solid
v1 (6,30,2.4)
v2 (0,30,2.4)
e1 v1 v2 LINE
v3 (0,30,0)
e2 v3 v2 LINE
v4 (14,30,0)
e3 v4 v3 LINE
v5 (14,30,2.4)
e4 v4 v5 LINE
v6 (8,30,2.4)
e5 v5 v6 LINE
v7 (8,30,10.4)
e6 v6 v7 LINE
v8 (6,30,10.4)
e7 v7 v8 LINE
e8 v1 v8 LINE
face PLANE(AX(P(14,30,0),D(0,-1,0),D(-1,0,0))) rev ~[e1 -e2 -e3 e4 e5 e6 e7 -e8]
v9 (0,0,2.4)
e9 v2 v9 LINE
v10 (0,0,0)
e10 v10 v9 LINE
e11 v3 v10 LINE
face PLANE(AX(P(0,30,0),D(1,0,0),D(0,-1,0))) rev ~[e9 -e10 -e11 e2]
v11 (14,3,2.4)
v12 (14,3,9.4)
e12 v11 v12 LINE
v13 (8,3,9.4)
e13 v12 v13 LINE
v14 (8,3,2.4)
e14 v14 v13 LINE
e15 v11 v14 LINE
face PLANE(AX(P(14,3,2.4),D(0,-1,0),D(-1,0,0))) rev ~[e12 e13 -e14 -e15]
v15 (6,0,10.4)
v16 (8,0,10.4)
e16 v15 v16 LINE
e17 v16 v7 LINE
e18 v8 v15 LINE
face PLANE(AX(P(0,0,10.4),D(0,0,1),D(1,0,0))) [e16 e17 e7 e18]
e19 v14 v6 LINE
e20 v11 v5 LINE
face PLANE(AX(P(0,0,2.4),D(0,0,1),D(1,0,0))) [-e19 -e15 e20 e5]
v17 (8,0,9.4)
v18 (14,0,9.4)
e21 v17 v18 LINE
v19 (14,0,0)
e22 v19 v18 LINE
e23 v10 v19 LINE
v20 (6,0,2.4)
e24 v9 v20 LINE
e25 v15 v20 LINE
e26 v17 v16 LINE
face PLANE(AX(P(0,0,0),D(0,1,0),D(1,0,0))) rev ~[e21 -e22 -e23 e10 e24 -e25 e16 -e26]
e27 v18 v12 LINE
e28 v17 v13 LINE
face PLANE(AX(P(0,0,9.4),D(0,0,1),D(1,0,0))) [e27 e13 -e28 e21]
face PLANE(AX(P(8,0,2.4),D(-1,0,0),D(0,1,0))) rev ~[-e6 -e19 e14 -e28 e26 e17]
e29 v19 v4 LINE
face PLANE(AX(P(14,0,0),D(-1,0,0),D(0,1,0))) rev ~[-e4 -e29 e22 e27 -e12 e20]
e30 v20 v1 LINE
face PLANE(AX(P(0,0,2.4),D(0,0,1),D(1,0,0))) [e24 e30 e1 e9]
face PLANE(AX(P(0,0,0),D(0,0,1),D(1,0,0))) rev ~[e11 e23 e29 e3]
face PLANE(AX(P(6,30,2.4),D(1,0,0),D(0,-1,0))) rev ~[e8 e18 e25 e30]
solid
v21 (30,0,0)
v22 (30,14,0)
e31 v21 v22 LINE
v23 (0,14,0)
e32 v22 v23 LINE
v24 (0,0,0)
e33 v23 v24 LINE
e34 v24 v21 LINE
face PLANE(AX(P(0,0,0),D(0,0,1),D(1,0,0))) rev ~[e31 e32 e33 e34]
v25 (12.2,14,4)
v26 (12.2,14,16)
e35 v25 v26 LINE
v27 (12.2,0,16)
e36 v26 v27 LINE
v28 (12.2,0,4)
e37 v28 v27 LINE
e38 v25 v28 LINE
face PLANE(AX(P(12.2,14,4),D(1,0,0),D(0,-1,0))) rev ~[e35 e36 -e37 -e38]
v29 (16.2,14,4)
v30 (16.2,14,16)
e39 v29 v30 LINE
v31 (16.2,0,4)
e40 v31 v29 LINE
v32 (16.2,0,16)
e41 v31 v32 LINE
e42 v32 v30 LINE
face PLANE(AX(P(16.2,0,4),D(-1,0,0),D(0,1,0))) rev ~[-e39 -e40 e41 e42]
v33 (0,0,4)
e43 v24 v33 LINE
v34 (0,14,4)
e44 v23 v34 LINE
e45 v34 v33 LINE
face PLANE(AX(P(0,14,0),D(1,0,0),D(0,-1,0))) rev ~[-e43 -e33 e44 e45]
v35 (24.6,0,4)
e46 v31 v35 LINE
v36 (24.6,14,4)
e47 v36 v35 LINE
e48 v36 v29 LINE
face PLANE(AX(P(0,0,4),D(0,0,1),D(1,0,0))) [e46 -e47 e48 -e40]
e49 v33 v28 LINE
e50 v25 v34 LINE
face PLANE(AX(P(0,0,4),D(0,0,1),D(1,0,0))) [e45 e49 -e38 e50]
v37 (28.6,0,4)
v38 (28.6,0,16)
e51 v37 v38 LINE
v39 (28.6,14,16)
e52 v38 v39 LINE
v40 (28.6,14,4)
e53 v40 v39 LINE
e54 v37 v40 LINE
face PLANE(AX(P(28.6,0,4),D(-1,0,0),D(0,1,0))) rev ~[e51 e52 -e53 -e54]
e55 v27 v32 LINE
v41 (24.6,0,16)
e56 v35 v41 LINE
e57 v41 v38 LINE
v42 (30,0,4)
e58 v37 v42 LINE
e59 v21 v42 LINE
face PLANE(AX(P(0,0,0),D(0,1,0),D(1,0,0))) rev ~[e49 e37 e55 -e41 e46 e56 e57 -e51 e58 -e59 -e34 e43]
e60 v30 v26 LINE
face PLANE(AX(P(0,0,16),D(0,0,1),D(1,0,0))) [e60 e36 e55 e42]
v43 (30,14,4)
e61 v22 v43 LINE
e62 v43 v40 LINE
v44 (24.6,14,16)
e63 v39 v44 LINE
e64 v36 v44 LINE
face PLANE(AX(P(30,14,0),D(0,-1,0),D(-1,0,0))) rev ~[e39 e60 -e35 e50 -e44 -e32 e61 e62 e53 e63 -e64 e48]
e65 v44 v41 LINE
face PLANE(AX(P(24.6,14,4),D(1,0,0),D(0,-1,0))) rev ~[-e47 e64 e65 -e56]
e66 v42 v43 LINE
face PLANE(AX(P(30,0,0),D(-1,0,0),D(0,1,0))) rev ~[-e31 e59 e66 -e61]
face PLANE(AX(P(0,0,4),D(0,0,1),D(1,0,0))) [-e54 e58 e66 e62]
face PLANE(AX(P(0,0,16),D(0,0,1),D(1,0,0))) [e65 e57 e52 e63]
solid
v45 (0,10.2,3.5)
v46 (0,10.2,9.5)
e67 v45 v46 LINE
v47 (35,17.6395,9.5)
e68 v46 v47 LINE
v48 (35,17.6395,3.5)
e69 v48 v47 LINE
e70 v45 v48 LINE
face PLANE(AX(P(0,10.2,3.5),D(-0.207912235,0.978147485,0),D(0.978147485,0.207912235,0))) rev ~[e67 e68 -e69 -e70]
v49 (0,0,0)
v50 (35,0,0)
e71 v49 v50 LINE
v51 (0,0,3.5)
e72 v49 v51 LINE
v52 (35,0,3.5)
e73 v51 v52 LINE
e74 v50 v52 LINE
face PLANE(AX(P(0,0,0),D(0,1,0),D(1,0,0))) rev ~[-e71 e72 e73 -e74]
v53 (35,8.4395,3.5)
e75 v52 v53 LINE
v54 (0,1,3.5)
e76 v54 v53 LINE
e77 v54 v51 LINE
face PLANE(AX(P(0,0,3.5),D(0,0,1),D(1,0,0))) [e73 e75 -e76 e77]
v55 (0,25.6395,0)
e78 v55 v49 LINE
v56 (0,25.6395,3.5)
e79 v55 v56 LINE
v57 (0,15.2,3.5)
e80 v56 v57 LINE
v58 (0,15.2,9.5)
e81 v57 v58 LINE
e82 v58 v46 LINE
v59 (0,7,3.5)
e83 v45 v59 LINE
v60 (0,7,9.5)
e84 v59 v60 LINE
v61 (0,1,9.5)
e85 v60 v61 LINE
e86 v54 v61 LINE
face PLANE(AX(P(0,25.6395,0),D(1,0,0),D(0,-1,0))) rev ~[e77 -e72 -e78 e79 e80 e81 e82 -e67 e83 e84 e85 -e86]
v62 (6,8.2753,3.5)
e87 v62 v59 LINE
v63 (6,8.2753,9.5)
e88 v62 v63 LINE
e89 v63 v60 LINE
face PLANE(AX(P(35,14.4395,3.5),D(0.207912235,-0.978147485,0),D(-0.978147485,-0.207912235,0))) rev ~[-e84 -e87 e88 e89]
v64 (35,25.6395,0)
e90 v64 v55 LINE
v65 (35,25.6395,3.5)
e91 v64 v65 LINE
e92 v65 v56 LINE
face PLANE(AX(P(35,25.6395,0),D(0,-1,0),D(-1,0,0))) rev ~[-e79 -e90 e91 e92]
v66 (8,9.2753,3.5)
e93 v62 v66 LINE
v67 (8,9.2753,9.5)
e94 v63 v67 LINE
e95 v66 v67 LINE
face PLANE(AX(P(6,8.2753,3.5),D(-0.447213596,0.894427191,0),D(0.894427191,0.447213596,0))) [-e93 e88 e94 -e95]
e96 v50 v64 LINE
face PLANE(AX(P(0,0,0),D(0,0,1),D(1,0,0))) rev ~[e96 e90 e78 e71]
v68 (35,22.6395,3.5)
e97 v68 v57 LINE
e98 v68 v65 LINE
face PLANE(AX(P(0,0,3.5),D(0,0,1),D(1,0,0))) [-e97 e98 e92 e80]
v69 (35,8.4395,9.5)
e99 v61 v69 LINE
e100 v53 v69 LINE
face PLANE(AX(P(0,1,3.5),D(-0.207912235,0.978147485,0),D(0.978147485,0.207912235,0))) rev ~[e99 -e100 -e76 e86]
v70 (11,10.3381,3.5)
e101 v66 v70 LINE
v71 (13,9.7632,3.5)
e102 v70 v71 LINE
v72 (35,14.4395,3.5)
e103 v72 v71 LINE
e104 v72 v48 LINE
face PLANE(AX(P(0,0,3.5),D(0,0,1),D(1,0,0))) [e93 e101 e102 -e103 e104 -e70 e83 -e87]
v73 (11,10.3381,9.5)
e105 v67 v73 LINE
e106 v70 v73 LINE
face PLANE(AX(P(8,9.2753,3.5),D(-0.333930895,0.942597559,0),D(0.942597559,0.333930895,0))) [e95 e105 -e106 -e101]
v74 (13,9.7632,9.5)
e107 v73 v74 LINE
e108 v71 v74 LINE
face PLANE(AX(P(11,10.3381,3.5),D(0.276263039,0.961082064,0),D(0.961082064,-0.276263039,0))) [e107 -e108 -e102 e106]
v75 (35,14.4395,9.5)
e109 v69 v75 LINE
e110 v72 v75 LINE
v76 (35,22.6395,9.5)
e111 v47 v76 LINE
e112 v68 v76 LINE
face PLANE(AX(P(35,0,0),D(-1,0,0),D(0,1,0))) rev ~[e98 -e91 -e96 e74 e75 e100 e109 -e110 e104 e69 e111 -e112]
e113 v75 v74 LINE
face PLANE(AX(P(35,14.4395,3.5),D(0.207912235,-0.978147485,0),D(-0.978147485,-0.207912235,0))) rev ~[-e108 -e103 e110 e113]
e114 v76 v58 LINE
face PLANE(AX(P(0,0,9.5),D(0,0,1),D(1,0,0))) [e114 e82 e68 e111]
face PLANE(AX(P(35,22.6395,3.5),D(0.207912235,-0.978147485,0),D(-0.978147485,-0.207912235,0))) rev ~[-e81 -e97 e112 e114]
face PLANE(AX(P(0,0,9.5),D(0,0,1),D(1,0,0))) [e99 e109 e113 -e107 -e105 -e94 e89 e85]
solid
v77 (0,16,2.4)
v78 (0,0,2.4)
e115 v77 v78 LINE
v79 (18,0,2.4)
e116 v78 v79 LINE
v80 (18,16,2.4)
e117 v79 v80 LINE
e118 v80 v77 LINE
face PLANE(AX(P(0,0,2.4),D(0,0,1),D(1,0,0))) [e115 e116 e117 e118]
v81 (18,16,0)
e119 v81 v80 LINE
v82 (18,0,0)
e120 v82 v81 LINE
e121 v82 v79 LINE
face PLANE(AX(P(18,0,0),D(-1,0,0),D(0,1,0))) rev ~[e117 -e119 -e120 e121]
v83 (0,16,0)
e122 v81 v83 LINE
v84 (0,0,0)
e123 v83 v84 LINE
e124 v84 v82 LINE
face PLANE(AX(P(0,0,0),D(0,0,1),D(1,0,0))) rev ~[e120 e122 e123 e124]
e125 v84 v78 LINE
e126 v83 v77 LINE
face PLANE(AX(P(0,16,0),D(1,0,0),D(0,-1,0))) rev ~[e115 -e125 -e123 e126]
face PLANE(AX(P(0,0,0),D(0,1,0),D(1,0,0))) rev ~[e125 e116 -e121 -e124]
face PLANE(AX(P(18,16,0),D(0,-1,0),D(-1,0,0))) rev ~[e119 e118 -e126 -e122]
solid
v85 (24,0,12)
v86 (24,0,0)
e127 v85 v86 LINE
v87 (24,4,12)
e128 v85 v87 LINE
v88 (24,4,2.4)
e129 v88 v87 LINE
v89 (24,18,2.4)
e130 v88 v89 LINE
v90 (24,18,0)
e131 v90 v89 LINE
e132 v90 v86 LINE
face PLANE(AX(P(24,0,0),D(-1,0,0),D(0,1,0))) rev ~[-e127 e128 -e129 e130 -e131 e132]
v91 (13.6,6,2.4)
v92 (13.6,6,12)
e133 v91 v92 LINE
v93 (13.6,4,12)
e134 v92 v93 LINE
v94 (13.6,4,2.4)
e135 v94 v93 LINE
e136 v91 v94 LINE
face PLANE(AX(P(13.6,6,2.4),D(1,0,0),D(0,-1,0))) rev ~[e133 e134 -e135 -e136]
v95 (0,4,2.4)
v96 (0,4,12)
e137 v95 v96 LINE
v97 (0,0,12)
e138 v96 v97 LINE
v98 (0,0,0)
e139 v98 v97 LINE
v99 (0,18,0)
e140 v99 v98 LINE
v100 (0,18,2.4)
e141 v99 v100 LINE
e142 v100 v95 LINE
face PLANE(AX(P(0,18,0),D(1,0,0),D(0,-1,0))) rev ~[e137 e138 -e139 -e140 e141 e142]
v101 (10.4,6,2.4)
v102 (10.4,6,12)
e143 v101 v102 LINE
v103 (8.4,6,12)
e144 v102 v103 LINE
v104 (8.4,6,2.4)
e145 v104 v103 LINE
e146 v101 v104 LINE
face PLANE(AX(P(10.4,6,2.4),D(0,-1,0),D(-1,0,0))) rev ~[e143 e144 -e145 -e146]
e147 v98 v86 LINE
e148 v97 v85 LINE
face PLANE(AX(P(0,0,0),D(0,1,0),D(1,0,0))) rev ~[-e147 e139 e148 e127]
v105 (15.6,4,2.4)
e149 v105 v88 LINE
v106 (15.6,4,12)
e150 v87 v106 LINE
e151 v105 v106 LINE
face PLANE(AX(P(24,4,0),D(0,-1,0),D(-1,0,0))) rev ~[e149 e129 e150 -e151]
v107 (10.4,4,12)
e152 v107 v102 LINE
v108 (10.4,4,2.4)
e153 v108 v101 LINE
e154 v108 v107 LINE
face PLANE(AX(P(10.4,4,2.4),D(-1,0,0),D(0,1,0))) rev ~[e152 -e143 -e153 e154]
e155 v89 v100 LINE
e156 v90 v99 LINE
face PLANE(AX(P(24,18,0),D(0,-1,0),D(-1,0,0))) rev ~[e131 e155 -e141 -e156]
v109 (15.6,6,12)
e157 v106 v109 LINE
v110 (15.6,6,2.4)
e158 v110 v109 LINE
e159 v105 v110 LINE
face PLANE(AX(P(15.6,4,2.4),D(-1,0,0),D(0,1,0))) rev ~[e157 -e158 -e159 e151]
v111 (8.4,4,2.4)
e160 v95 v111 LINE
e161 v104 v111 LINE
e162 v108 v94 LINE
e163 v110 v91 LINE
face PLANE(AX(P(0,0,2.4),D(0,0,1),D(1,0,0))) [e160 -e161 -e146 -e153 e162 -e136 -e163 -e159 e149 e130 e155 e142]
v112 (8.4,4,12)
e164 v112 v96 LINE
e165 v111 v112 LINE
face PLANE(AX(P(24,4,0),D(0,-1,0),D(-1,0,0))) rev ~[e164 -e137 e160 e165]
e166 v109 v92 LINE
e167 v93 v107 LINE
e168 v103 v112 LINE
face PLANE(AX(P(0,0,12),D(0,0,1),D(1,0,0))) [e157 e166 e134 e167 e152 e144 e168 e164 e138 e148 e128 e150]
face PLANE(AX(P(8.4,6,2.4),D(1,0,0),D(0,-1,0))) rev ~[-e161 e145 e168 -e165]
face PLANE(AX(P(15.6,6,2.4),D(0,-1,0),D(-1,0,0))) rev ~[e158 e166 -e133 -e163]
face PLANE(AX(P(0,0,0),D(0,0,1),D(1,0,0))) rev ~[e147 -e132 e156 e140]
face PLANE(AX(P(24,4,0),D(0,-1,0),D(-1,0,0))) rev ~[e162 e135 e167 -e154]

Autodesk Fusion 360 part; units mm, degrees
sketch "Sketch1" plane through (0, 0, 0) normal (0, 0, 1) x (1, 0, 0) in component "Component"
  line L0 (0, 0) -> (35, 0)
  line L1 (35, 0) -> (35, 25.6395)
  line L2 (35, 25.6395) -> (0, 25.6395)
  line L3 (0, 25.6395) -> (0, 0)
extrude "Extrude1" add sketch "Sketch1" along normal blind 3.5 makes body 1 in component "Component"
sketch "Sketch2" plane through (0, 0, 0) normal (0, 0, 1) x (1, 0, 0) in component "Component"
  line L0 (0, 1) -> (35, 8.4395)
  line L1 (35, 8.4395) -> (35, 14.4395)
  line L2 (35, 14.4395) -> (0, 7)
  line L3 (0, 7) -> (0, 1)
extrude "Extrude2" add sketch "Sketch2" along normal blind 6 from surface at 3.5 separate body makes body 2 in component "Component"
sketch "Sketch3" plane through (0, 0, 0) normal (0, 0, 1) x (1, 0, 0) in component "Component"
  line L0 (0, 10.2) -> (35, 17.6395)
  line L1 (35, 17.6395) -> (35, 22.6395)
  line L2 (35, 22.6395) -> (0, 15.2)
  line L3 (0, 15.2) -> (0, 10.2)
extrude "Extrude3" add sketch "Sketch3" along normal blind 6 from surface at 3.5 separate body makes body 3 in component "Component"
sketch "Sketch4" plane through (0, 0, 0) normal (0, 0, 1) x (1, 0, 0) in component "Component"
  line L0 (6, 8.2753) -> (8, 9.2753)
  line L1 (8, 9.2753) -> (11, 10.3381)
  line L2 (11, 10.3381) -> (13, 9.7632)
  line L3 (13, 9.7632) -> (6, 8.2753)
extrude "Extrude4" add sketch "Sketch4" along normal blind 6 from surface at 3.5 separate body makes body 4 in component "Component"
combine "Combine1" operation add target body 1 tool bodies 2 3 4 in component "Component"
sketch "Sketch1 (2)" plane through (0, 0, 0) normal (0, 0, 1) x (1, 0, 0) in component "Component'"
  line L0 (0, 0) -> (14, 0)
  line L1 (14, 0) -> (14, 30)
  line L2 (14, 30) -> (0, 30)
  line L3 (0, 30) -> (0, 0)
extrude "Extrude1'" add sketch "Sketch1 (2)" along normal blind 2.4 separate body makes body 5 in component "Component'"
sketch "Sketch2 (2)" plane through (0, 0, 0) normal (0, 0, 1) x (1, 0, 0) in component "Component'"
  line L0 (6, 0) -> (8, 0)
  line L1 (8, 0) -> (8, 30)
  line L2 (8, 30) -> (6, 30)
  line L3 (6, 30) -> (6, 0)
extrude "Extrude2'" add sketch "Sketch2 (2)" along normal blind 8 from surface at 2.4 separate body makes body 6 in component "Component'"
sketch "Sketch3 (2)" plane through (0, 0, 0) normal (0, 0, 1) x (1, 0, 0) in component "Component'"
  line L0 (6, 0) -> (14, 0)
  line L1 (14, 0) -> (14, 3)
  line L2 (14, 3) -> (6, 3)
  line L3 (6, 3) -> (6, 0)
extrude "Extrude3'" add sketch "Sketch3 (2)" along normal blind 7 from surface at 2.4 separate body makes body 7 in component "Component'"
combine "Combine1'" operation add target body 5 tool bodies 6 7 in component "Component'"
sketch "Sketch1 (3)" plane through (0, 0, 0) normal (0, 0, 1) x (1, 0, 0) in component "Component''"
  line L0 (0, 0) -> (24, 0)
  line L1 (24, 0) -> (24, 18)
  line L2 (24, 18) -> (0, 18)
  line L3 (0, 18) -> (0, 0)
extrude "Extrude1''" add sketch "Sketch1 (3)" along normal blind 2.4 separate body makes body 8 in component "Component''"
sketch "Sketch2 (3)" plane through (0, 0, 0) normal (0, 0, 1) x (1, 0, 0) in component "Component''"
  line L0 (0, 0) -> (24, 0)
  line L1 (24, 0) -> (24, 4)
  line L2 (24, 4) -> (0, 4)
  line L3 (0, 4) -> (0, 0)
extrude "Extrude2''" add sketch "Sketch2 (3)" along normal blind 12 separate body makes body 9 in component "Component''"
sketch "Sketch3 (3)" plane through (0, 0, 0) normal (0, 0, 1) x (1, 0, 0) in component "Component''"
  line L0 (8.4, 4) -> (10.4, 4)
  line L1 (10.4, 4) -> (10.4, 6)
  line L2 (10.4, 6) -> (8.4, 6)
  line L3 (8.4, 6) -> (8.4, 4)
extrude "Extrude3''" add sketch "Sketch3 (3)" along normal blind 9.6 from surface at 2.4 separate body makes body 10 in component "Component''"
sketch "Sketch4 (2)" plane through (0, 0, 0) normal (0, 0, 1) x (1, 0, 0) in component "Component''"
  line L0 (13.6, 4) -> (15.6, 4)
  line L1 (15.6, 4) -> (15.6, 6)
  line L2 (15.6, 6) -> (13.6, 6)
  line L3 (13.6, 6) -> (13.6, 4)
extrude "Extrude4'" add sketch "Sketch4 (2)" along normal blind 9.6 from surface at 2.4 separate body makes body 11 in component "Component''"
combine "Combine1''" operation add target body 8 tool bodies 9 10 11 in component "Component''"
sketch "Sketch1 (4)" plane through (0, 0, 0) normal (0, 0, 1) x (1, 0, 0) in component "Component'''"
  line L0 (0, 0) -> (18, 0)
  line L1 (18, 0) -> (18, 16)
  line L2 (18, 16) -> (0, 16)
  line L3 (0, 16) -> (0, 0)
extrude "Extrude1'''" add sketch "Sketch1 (4)" along normal blind 2.4 separate body makes body 12 in component "Component'''"
sketch "Sketch1 (5)" plane through (0, 0, 0) normal (0, 0, 1) x (1, 0, 0) in component "Component''''"
  line L0 (0, 0) -> (30, 0)
  line L1 (30, 0) -> (30, 14)
  line L2 (30, 14) -> (0, 14)
  line L3 (0, 14) -> (0, 0)
extrude "Extrude1''''" add sketch "Sketch1 (5)" along normal blind 4 separate body makes body 13 in component "Component''''"
sketch "Sketch2 (4)" plane through (0, 0, 0) normal (0, 0, 1) x (1, 0, 0) in component "Component''''"
  line L0 (12.2, 0) -> (16.2, 0)
  line L1 (16.2, 0) -> (16.2, 14)
  line L2 (16.2, 14) -> (12.2, 14)
  line L3 (12.2, 14) -> (12.2, 0)
extrude "Extrude2'''" add sketch "Sketch2 (4)" along normal blind 12 from surface at 4 separate body makes body 14 in component "Component''''"
sketch "Sketch3 (4)" plane through (0, 0, 0) normal (0, 0, 1) x (1, 0, 0) in component "Component''''"
  line L0 (24.6, 0) -> (28.6, 0)
  line L1 (28.6, 0) -> (28.6, 14)
  line L2 (28.6, 14) -> (24.6, 14)
  line L3 (24.6, 14) -> (24.6, 0)
extrude "Extrude3'''" add sketch "Sketch3 (4)" along normal blind 12 from surface at 4 separate body makes body 15 in component "Component''''"
combine "Combine1'''" operation add target body 13 tool bodies 14 15 in component "Component''''"
component "Component" placed x (1, 0, 0) y (0, 1, 0) z (0, 0, 1) at (0, 0, 0)
component "Component'" placed x (1, 0, 0) y (0, 1, 0) z (0, 0, 1) at (0, 0, 0)
component "Component''" placed x (1, 0, 0) y (0, 1, 0) z (0, 0, 1) at (0, 0, 0)
component "Component'''" placed x (1, 0, 0) y (0, 1, 0) z (0, 0, 1) at (0, 0, 0)
component "Component''''" placed x (1, 0, 0) y (0, 1, 0) z (0, 0, 1) at (0, 0, 0)
